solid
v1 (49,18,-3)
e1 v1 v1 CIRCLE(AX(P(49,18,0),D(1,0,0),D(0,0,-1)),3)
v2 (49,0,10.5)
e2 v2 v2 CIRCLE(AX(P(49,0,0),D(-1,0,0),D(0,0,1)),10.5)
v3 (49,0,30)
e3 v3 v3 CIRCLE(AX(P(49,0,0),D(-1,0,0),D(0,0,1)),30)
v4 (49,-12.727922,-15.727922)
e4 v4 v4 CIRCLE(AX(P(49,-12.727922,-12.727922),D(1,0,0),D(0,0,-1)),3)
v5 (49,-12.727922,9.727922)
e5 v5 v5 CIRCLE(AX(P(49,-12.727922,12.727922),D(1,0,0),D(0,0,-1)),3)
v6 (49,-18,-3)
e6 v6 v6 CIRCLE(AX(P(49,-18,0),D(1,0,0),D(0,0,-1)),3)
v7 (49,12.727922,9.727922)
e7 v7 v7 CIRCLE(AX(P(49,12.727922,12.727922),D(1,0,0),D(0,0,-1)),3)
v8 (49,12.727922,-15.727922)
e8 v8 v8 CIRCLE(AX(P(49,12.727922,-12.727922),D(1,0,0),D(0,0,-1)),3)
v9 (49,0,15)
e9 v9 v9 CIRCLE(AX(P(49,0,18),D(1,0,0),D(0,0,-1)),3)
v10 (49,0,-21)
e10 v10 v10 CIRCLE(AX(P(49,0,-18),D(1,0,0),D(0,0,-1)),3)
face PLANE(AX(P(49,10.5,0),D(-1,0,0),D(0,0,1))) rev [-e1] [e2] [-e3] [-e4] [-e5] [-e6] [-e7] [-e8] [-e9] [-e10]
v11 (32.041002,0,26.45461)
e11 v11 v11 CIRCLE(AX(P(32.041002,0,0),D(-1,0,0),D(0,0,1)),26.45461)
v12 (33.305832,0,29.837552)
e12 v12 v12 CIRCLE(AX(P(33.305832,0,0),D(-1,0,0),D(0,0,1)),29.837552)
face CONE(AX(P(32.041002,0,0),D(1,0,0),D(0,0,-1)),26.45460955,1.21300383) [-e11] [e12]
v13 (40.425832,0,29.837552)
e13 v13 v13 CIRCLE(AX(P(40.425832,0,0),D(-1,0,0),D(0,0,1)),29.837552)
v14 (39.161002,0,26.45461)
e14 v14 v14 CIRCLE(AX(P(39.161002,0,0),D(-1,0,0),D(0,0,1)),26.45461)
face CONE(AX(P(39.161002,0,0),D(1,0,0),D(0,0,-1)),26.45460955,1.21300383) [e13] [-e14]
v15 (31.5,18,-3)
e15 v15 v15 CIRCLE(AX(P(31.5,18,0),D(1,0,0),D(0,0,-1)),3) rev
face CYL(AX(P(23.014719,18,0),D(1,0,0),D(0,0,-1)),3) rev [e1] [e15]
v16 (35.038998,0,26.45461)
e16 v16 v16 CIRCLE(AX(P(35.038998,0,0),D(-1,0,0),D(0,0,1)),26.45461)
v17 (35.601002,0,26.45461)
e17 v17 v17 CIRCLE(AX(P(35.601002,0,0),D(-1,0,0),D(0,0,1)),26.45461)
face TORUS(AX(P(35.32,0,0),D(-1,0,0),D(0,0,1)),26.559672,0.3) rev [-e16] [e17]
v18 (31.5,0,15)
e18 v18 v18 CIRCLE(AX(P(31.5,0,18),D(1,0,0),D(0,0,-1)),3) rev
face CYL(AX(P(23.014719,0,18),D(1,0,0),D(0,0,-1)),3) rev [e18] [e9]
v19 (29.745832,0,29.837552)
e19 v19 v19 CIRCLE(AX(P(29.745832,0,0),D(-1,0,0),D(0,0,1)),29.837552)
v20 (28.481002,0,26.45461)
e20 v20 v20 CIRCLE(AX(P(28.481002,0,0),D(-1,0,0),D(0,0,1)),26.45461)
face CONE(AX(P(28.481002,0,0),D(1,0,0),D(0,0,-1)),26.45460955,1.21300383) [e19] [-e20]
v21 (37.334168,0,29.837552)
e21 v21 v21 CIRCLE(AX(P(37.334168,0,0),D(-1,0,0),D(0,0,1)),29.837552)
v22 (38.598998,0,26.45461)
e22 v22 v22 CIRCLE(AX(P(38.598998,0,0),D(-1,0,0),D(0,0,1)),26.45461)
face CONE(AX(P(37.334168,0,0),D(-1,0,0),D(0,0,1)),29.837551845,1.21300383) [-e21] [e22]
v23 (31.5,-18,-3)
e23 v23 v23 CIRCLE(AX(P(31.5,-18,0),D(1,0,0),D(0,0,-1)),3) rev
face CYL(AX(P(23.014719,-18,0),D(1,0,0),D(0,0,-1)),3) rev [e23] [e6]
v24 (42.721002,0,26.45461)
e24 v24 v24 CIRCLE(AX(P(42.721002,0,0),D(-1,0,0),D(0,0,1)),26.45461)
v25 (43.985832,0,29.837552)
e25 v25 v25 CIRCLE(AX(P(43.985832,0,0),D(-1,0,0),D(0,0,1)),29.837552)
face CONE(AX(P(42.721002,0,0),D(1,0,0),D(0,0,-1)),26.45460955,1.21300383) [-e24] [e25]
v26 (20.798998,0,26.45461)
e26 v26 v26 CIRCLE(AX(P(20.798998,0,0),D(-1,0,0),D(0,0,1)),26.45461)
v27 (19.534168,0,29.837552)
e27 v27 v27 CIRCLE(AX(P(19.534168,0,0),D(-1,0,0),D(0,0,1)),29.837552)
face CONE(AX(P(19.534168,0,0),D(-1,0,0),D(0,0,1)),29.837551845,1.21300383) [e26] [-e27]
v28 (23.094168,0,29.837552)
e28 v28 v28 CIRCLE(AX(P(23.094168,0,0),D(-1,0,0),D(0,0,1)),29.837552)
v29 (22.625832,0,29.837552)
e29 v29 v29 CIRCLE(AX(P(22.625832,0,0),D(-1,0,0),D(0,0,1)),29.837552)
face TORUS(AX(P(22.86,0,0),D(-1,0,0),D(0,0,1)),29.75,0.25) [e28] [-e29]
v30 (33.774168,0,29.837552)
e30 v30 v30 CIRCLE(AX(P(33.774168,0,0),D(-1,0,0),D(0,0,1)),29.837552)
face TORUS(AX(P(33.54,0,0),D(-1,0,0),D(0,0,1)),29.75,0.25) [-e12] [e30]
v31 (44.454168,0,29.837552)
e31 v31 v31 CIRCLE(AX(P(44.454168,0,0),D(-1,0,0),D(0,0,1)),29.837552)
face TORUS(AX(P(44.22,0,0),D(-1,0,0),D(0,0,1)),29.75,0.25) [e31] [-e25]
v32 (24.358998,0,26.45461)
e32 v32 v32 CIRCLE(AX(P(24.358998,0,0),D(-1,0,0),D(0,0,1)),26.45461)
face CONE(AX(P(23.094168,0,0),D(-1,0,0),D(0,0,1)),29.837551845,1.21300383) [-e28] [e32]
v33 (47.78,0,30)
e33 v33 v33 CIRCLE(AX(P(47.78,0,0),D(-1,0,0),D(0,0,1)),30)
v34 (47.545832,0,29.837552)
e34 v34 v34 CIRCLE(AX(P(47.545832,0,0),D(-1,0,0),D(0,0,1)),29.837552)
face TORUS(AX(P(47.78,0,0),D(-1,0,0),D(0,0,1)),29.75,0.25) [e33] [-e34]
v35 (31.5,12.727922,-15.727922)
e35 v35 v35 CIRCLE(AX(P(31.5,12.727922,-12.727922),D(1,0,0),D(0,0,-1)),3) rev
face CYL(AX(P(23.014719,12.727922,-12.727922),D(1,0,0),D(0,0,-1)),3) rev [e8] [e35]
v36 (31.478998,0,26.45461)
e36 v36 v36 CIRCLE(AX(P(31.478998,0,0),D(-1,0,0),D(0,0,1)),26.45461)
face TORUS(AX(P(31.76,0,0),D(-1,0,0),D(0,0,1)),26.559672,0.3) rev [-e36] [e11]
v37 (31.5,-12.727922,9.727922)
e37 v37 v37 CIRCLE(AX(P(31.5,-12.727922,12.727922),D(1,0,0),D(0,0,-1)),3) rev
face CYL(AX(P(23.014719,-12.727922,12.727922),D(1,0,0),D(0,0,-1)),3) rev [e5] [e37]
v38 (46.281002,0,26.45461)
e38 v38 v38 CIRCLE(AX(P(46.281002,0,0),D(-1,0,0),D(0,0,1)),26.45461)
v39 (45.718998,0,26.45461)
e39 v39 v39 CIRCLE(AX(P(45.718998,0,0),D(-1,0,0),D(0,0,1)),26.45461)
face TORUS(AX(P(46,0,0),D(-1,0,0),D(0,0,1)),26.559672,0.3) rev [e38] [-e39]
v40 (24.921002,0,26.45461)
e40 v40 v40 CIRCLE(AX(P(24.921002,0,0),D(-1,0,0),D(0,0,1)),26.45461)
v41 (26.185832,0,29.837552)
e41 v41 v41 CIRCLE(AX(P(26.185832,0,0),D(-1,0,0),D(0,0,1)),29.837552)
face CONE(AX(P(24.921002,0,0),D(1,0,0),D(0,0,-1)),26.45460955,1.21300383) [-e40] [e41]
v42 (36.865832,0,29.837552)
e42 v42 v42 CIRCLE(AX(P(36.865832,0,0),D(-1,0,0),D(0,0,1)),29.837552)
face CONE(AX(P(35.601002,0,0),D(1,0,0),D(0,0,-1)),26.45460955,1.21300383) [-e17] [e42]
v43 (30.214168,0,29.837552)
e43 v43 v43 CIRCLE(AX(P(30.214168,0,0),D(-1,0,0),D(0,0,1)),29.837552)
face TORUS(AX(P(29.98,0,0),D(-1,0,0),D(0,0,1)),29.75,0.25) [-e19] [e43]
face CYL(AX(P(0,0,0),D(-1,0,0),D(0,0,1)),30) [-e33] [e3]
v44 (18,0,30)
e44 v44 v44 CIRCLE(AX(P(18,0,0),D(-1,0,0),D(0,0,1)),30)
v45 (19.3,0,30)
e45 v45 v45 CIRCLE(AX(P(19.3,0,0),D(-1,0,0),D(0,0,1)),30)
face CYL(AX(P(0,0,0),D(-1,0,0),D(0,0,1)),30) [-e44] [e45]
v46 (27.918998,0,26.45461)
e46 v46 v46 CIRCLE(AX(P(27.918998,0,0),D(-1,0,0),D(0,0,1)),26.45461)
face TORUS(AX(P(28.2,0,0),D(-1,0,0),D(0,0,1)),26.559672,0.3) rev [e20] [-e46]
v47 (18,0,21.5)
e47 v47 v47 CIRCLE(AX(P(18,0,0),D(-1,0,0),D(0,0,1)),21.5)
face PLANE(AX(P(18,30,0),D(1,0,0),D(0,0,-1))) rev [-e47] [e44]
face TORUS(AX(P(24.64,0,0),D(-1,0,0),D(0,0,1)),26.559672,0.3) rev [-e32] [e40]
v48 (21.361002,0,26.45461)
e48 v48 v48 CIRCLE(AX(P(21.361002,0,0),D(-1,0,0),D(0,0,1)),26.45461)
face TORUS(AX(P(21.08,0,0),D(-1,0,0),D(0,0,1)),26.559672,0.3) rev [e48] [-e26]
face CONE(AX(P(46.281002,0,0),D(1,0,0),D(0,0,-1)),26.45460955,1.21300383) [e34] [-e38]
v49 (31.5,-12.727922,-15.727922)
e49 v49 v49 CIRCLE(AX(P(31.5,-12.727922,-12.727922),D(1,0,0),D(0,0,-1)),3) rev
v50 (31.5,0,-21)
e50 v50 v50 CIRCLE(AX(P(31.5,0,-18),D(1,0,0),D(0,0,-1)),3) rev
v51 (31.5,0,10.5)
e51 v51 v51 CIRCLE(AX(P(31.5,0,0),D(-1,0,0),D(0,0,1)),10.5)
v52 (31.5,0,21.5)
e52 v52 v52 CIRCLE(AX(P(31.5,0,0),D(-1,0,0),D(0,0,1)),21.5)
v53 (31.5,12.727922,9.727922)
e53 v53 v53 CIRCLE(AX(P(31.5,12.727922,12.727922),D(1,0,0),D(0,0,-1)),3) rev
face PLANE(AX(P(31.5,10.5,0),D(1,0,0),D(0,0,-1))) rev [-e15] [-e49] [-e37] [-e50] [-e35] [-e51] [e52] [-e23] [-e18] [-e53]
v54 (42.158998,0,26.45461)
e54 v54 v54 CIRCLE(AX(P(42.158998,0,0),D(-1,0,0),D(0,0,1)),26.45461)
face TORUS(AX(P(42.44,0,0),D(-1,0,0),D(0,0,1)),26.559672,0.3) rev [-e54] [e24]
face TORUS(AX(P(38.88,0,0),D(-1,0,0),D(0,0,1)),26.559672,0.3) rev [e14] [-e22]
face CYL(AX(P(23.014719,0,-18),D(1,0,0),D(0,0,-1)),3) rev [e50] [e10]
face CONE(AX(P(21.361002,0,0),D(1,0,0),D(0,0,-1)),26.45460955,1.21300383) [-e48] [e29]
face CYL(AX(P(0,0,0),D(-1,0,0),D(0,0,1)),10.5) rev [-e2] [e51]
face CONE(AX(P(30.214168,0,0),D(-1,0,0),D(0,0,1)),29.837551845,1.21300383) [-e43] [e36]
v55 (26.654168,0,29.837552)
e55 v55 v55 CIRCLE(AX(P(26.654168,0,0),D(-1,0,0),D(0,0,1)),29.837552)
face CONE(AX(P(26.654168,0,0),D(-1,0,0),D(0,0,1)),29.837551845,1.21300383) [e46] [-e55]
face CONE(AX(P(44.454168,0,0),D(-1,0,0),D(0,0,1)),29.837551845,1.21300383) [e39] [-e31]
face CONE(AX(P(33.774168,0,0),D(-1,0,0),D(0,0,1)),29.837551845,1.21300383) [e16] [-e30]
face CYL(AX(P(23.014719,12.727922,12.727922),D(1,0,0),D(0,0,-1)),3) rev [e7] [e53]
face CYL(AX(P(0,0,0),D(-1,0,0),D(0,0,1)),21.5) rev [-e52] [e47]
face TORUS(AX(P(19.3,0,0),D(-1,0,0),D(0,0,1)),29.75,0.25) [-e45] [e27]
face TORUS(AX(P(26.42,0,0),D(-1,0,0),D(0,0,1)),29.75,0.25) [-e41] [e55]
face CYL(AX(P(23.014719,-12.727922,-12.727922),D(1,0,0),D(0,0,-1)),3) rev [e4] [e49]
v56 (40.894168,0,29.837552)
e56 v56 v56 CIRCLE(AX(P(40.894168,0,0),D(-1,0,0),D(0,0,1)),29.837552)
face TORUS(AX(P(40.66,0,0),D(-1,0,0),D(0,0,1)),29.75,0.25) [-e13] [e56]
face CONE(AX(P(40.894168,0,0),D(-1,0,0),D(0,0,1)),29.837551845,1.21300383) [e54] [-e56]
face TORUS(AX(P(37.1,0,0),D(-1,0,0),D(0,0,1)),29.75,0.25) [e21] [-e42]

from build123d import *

# Parameters (mm, degrees)
LPATTERN1_COUNT    = 8
LPATTERN1_PITCH    = 3.56
SKETCH3_R          = 3
CUT_EXTRUDE1_DEPTH = 17.5


with BuildPart() as part:
    # Sketch1 → Revolve1 (revolve)
    with BuildSketch(Plane.XY, mode=Mode.PRIVATE) as revolve1_sk:
        Polygon((49, 10.5), (49, 30), (18, 30), (18, 21.5), (31.5, 21.5), (31.5, 10.5), align=None)
    revolve(revolve1_sk.sketch.rotate(Axis((0, 0, 0), (1, 0, 0)), 90), axis=Axis((0, 0, 0), (1, 0, 0)))

    # Sketch2 → Cut-Revolve1 (revolve, cut)
    with BuildSketch(Plane.XY, mode=Mode.PRIVATE) as cut_revolve1_sk:
        with BuildLine():
            Line((47.545831953, 29.837551845), (46.281001657, 26.45460955))
            ThreePointArc((46.281001657, 26.45460955), (46, 26.259671764), (45.718998343, 26.45460955))
            Line((45.718998343, 26.45460955), (44.454168047, 29.837551845))
            ThreePointArc((44.454168047, 29.837551845), (44.362499191, 29.955411734), (44.22, 30))
            Line((44.22, 30), (47.78, 30))
            ThreePointArc((47.78, 30), (47.637500809, 29.955411734), (47.545831953, 29.837551845))
        make_face()
    cut_revolve1 = revolve(cut_revolve1_sk.sketch.rotate(Axis((0, 0, 0), (1, 0, 0)), 90), axis=Axis((0, 0, 0), (1, 0, 0)), mode=Mode.SUBTRACT)

    # LPattern1: Cut-Revolve1 ×8
    with Locations(*[(-i * LPATTERN1_PITCH, 0, 0) for i in range(1, LPATTERN1_COUNT)]):
        add(cut_revolve1, mode=Mode.SUBTRACT)

    # Sketch3 → Cut-Extrude1 (cut)
    with BuildSketch(Plane(origin=(49, 0, 0), x_dir=(0, 0, -1), z_dir=(1, 0, 0))):
        with Locations((0, 18)):
            Circle(SKETCH3_R)
        with Locations((12.727922061, 12.727922061)):
            Circle(SKETCH3_R)
        with Locations((18, 0)):
            Circle(SKETCH3_R)
        with Locations((12.727922061, -12.727922061)):
            Circle(SKETCH3_R)
        with Locations((0, -18)):
            Circle(SKETCH3_R)
        with Locations((-12.727922061, -12.727922061)):
            Circle(SKETCH3_R)
        with Locations((-18, 0)):
            Circle(SKETCH3_R)
        with Locations((-12.727922061, 12.727922061)):
            Circle(SKETCH3_R)
    extrude(amount=-CUT_EXTRUDE1_DEPTH, mode=Mode.SUBTRACT)


solid = part.part
